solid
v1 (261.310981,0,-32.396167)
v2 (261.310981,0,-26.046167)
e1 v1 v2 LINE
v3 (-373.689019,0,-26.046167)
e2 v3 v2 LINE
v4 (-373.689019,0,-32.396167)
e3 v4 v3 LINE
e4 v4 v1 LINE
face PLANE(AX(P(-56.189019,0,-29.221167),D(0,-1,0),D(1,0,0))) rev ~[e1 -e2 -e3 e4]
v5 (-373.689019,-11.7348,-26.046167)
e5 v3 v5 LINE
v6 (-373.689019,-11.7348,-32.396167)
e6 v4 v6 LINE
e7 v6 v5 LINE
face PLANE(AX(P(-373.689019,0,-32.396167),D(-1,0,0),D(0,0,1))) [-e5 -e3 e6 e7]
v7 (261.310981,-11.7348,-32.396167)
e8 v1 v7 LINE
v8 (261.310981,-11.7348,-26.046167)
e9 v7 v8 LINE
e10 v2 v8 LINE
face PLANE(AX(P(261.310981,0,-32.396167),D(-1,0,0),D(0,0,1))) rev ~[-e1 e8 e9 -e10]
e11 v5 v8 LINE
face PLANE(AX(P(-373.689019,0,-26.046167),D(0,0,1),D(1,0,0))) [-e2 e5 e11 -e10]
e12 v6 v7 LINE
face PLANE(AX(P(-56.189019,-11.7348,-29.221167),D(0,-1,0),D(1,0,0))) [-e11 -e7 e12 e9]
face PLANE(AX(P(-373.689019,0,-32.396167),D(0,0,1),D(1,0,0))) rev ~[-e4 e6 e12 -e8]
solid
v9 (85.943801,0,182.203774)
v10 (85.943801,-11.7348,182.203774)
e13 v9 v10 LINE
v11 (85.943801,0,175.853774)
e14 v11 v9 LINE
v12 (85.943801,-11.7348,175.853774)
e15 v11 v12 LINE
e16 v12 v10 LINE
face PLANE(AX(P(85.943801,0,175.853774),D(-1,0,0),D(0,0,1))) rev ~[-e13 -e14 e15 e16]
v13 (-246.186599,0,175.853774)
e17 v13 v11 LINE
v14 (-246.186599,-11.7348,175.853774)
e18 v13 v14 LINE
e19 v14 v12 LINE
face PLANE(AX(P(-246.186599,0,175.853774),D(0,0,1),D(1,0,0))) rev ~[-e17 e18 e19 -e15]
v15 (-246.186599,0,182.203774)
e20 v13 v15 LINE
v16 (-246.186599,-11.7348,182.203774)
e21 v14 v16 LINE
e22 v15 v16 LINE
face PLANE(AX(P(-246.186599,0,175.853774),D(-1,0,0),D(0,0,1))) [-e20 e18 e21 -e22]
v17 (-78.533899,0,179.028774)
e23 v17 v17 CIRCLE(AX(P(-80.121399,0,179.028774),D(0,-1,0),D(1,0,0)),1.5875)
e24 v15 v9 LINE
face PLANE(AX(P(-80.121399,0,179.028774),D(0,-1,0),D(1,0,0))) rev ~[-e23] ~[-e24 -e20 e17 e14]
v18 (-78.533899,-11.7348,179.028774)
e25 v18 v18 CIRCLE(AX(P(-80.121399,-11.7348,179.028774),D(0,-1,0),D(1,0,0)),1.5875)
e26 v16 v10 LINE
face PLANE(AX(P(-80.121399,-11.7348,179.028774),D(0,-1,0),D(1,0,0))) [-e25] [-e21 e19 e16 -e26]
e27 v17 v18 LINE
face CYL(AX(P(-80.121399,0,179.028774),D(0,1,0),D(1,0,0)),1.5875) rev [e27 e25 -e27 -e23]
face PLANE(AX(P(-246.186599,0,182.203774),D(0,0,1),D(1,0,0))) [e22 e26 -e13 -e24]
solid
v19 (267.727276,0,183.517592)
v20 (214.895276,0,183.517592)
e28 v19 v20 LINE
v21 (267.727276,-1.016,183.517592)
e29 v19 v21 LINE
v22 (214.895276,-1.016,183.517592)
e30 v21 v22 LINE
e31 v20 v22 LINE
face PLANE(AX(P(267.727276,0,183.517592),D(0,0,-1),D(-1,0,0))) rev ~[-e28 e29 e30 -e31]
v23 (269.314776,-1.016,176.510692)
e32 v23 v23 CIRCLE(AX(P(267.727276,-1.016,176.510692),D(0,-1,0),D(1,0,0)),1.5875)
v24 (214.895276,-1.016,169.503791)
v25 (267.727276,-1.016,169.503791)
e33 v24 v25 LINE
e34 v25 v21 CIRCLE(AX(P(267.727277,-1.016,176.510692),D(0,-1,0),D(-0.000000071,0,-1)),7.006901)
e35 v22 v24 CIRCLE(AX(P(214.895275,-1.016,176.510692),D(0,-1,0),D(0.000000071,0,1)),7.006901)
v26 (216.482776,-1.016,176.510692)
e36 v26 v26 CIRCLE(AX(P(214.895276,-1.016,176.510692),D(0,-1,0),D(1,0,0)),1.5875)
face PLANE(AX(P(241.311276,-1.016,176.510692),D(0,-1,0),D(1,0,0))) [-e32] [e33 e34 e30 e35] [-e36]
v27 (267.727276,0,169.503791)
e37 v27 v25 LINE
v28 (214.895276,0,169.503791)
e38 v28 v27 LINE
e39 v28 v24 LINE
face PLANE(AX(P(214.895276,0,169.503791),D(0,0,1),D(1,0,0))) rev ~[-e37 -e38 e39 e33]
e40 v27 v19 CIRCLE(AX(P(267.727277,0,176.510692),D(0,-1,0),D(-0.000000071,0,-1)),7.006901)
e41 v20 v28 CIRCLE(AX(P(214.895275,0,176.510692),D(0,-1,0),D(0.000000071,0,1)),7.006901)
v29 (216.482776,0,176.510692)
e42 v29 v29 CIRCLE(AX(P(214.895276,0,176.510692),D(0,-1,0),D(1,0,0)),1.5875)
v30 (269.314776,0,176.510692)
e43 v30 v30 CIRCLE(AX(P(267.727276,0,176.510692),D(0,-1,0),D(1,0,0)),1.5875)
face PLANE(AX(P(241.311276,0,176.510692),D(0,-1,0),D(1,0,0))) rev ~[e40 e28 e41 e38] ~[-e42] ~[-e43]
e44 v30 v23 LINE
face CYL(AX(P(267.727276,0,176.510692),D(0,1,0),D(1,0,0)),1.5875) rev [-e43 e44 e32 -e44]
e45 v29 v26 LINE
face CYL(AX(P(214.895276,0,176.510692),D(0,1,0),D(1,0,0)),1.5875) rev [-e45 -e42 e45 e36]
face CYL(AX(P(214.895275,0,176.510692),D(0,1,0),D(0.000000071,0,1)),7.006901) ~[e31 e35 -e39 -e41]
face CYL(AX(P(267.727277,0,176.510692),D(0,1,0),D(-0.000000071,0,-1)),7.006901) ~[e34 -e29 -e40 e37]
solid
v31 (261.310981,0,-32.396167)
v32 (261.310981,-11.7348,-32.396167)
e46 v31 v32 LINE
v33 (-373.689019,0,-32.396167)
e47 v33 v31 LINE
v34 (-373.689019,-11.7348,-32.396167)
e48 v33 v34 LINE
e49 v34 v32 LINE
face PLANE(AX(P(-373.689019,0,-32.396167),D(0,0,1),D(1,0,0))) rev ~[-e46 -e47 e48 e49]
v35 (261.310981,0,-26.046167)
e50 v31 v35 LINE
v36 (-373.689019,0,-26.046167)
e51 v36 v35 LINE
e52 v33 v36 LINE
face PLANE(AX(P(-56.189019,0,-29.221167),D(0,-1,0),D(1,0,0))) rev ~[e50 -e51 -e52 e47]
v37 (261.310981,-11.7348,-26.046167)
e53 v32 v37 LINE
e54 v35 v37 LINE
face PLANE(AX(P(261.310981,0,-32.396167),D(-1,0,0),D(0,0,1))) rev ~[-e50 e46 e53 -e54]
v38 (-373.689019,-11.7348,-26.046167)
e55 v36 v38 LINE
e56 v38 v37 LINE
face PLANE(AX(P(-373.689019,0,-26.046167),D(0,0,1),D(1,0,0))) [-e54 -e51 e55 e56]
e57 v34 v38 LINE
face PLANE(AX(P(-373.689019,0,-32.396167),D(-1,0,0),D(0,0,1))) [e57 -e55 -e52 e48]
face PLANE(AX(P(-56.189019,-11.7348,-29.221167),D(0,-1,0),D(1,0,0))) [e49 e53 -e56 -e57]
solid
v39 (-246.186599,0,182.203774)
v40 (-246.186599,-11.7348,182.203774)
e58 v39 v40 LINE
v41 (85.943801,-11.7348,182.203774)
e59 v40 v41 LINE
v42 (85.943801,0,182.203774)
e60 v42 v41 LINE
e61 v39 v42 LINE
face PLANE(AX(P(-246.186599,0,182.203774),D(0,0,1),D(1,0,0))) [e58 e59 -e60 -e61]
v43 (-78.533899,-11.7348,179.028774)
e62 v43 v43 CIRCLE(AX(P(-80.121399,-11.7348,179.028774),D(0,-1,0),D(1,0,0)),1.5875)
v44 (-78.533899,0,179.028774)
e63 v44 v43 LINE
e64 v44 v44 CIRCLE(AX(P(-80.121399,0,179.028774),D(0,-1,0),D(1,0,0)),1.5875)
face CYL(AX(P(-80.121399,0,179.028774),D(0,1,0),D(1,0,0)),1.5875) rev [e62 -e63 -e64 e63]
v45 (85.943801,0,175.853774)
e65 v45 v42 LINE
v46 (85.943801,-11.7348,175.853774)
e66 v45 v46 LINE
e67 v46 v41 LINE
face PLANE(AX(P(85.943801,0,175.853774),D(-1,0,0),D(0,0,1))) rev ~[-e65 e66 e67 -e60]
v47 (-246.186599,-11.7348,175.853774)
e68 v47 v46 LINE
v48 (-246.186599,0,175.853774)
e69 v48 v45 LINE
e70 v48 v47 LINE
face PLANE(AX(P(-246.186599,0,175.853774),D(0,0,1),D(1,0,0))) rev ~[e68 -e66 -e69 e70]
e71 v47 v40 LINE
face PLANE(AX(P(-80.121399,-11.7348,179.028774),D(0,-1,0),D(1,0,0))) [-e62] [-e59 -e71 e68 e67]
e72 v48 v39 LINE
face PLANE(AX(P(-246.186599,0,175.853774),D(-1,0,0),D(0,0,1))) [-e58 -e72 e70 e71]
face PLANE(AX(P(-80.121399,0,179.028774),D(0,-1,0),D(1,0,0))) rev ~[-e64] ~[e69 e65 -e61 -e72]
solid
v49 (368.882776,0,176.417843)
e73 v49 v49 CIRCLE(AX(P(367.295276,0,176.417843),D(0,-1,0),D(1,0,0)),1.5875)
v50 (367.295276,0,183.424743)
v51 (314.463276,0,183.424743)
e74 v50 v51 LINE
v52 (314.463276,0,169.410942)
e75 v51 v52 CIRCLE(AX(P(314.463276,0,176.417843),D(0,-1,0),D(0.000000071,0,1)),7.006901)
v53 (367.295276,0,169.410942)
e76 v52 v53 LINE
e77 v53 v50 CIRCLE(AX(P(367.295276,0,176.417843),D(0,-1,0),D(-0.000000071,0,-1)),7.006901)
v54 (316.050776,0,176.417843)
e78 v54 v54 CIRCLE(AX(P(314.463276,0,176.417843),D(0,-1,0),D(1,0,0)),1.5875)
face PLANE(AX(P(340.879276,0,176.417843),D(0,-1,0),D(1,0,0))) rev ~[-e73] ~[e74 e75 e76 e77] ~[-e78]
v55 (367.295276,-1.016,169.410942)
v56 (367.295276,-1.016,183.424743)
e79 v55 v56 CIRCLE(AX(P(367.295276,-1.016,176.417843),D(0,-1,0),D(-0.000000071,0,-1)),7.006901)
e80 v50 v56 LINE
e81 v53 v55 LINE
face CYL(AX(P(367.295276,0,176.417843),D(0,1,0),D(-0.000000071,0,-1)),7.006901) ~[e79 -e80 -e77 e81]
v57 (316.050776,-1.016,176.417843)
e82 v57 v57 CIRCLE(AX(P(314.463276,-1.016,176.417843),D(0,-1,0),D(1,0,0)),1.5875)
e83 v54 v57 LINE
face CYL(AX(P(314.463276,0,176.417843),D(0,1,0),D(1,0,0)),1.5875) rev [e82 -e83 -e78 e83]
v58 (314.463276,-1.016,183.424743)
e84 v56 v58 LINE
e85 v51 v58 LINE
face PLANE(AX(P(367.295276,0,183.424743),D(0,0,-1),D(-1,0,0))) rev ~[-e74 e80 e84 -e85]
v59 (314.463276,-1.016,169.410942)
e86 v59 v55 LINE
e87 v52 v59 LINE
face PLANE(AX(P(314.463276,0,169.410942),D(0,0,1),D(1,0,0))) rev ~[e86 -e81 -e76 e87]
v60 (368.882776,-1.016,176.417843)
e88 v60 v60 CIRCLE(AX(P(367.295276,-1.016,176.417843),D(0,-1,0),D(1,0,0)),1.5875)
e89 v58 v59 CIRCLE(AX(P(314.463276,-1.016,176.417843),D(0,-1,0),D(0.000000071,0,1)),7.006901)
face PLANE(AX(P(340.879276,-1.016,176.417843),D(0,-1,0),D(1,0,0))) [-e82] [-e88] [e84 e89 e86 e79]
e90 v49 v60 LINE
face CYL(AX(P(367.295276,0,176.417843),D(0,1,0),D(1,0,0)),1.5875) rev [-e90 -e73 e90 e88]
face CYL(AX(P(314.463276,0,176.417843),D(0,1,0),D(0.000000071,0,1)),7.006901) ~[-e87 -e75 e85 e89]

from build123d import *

# Parameters (mm, degrees)
F0_W     = 635
F0_H     = 6.35
F0_W_2   = 332.1304
F0_R     = 1.5875
F1_DEPTH = 11.7348
F2_DEPTH = 11.7348
F3_R     = 1.5875
F4_DEPTH = 1.016


with BuildPart() as f1:
    # F0 (on Front) → F1 (new body)
    with BuildSketch(Plane.XZ):
        with Locations((-56.189019, -29.221167)):
            Rectangle(F0_W, F0_H)
        with Locations((-80.121399, 179.028774)):
            Rectangle(F0_W_2, F0_H)
        with Locations((-80.121399, 179.028774)):
            Circle(F0_R, mode=Mode.SUBTRACT)
    extrude(amount=F1_DEPTH)


with BuildPart() as f2:
    # F0 (on Front) → F2 (new body)
    with BuildSketch(Plane.XZ):
        with Locations((-56.189019, -29.221167)):
            Rectangle(F0_W, F0_H)
        with Locations((-80.121399, 179.028774)):
            Rectangle(F0_W_2, F0_H)
        with Locations((-80.121399, 179.028774)):
            Circle(F0_R, mode=Mode.SUBTRACT)
    extrude(amount=F2_DEPTH)


with BuildPart() as f4:
    # F3 (on Front) → F4 (new body)
    with BuildSketch(Plane.XZ):
        with BuildLine():
            Line((267.727276, 183.517592), (214.895276, 183.517592))
            ThreePointArc((214.895276, 183.517592), (207.888375, 176.510692), (214.895276, 169.503791))
            Line((214.895276, 169.503791), (267.727276, 169.503791))
            ThreePointArc((267.727276, 169.503791), (274.734177, 176.510692), (267.727276, 183.517592))
        make_face()
        with Locations((214.895276, 176.510692)):
            Circle(F3_R, mode=Mode.SUBTRACT)
        with Locations((267.727276, 176.510692)):
            Circle(F3_R, mode=Mode.SUBTRACT)
        with BuildLine():
            Line((367.295276, 183.424743), (314.463276, 183.424743))
            ThreePointArc((314.463276, 183.424743), (307.456375, 176.417843), (314.463276, 169.410942))
            Line((314.463276, 169.410942), (367.295276, 169.410942))
            ThreePointArc((367.295276, 169.410942), (374.302177, 176.417843), (367.295276, 183.424743))
        make_face()
        with Locations((314.463276, 176.417843)):
            Circle(F3_R, mode=Mode.SUBTRACT)
        with Locations((367.295276, 176.417843)):
            Circle(F3_R, mode=Mode.SUBTRACT)
    extrude(amount=F4_DEPTH)


solid = Compound([f1.part, f2.part, f4.part])
